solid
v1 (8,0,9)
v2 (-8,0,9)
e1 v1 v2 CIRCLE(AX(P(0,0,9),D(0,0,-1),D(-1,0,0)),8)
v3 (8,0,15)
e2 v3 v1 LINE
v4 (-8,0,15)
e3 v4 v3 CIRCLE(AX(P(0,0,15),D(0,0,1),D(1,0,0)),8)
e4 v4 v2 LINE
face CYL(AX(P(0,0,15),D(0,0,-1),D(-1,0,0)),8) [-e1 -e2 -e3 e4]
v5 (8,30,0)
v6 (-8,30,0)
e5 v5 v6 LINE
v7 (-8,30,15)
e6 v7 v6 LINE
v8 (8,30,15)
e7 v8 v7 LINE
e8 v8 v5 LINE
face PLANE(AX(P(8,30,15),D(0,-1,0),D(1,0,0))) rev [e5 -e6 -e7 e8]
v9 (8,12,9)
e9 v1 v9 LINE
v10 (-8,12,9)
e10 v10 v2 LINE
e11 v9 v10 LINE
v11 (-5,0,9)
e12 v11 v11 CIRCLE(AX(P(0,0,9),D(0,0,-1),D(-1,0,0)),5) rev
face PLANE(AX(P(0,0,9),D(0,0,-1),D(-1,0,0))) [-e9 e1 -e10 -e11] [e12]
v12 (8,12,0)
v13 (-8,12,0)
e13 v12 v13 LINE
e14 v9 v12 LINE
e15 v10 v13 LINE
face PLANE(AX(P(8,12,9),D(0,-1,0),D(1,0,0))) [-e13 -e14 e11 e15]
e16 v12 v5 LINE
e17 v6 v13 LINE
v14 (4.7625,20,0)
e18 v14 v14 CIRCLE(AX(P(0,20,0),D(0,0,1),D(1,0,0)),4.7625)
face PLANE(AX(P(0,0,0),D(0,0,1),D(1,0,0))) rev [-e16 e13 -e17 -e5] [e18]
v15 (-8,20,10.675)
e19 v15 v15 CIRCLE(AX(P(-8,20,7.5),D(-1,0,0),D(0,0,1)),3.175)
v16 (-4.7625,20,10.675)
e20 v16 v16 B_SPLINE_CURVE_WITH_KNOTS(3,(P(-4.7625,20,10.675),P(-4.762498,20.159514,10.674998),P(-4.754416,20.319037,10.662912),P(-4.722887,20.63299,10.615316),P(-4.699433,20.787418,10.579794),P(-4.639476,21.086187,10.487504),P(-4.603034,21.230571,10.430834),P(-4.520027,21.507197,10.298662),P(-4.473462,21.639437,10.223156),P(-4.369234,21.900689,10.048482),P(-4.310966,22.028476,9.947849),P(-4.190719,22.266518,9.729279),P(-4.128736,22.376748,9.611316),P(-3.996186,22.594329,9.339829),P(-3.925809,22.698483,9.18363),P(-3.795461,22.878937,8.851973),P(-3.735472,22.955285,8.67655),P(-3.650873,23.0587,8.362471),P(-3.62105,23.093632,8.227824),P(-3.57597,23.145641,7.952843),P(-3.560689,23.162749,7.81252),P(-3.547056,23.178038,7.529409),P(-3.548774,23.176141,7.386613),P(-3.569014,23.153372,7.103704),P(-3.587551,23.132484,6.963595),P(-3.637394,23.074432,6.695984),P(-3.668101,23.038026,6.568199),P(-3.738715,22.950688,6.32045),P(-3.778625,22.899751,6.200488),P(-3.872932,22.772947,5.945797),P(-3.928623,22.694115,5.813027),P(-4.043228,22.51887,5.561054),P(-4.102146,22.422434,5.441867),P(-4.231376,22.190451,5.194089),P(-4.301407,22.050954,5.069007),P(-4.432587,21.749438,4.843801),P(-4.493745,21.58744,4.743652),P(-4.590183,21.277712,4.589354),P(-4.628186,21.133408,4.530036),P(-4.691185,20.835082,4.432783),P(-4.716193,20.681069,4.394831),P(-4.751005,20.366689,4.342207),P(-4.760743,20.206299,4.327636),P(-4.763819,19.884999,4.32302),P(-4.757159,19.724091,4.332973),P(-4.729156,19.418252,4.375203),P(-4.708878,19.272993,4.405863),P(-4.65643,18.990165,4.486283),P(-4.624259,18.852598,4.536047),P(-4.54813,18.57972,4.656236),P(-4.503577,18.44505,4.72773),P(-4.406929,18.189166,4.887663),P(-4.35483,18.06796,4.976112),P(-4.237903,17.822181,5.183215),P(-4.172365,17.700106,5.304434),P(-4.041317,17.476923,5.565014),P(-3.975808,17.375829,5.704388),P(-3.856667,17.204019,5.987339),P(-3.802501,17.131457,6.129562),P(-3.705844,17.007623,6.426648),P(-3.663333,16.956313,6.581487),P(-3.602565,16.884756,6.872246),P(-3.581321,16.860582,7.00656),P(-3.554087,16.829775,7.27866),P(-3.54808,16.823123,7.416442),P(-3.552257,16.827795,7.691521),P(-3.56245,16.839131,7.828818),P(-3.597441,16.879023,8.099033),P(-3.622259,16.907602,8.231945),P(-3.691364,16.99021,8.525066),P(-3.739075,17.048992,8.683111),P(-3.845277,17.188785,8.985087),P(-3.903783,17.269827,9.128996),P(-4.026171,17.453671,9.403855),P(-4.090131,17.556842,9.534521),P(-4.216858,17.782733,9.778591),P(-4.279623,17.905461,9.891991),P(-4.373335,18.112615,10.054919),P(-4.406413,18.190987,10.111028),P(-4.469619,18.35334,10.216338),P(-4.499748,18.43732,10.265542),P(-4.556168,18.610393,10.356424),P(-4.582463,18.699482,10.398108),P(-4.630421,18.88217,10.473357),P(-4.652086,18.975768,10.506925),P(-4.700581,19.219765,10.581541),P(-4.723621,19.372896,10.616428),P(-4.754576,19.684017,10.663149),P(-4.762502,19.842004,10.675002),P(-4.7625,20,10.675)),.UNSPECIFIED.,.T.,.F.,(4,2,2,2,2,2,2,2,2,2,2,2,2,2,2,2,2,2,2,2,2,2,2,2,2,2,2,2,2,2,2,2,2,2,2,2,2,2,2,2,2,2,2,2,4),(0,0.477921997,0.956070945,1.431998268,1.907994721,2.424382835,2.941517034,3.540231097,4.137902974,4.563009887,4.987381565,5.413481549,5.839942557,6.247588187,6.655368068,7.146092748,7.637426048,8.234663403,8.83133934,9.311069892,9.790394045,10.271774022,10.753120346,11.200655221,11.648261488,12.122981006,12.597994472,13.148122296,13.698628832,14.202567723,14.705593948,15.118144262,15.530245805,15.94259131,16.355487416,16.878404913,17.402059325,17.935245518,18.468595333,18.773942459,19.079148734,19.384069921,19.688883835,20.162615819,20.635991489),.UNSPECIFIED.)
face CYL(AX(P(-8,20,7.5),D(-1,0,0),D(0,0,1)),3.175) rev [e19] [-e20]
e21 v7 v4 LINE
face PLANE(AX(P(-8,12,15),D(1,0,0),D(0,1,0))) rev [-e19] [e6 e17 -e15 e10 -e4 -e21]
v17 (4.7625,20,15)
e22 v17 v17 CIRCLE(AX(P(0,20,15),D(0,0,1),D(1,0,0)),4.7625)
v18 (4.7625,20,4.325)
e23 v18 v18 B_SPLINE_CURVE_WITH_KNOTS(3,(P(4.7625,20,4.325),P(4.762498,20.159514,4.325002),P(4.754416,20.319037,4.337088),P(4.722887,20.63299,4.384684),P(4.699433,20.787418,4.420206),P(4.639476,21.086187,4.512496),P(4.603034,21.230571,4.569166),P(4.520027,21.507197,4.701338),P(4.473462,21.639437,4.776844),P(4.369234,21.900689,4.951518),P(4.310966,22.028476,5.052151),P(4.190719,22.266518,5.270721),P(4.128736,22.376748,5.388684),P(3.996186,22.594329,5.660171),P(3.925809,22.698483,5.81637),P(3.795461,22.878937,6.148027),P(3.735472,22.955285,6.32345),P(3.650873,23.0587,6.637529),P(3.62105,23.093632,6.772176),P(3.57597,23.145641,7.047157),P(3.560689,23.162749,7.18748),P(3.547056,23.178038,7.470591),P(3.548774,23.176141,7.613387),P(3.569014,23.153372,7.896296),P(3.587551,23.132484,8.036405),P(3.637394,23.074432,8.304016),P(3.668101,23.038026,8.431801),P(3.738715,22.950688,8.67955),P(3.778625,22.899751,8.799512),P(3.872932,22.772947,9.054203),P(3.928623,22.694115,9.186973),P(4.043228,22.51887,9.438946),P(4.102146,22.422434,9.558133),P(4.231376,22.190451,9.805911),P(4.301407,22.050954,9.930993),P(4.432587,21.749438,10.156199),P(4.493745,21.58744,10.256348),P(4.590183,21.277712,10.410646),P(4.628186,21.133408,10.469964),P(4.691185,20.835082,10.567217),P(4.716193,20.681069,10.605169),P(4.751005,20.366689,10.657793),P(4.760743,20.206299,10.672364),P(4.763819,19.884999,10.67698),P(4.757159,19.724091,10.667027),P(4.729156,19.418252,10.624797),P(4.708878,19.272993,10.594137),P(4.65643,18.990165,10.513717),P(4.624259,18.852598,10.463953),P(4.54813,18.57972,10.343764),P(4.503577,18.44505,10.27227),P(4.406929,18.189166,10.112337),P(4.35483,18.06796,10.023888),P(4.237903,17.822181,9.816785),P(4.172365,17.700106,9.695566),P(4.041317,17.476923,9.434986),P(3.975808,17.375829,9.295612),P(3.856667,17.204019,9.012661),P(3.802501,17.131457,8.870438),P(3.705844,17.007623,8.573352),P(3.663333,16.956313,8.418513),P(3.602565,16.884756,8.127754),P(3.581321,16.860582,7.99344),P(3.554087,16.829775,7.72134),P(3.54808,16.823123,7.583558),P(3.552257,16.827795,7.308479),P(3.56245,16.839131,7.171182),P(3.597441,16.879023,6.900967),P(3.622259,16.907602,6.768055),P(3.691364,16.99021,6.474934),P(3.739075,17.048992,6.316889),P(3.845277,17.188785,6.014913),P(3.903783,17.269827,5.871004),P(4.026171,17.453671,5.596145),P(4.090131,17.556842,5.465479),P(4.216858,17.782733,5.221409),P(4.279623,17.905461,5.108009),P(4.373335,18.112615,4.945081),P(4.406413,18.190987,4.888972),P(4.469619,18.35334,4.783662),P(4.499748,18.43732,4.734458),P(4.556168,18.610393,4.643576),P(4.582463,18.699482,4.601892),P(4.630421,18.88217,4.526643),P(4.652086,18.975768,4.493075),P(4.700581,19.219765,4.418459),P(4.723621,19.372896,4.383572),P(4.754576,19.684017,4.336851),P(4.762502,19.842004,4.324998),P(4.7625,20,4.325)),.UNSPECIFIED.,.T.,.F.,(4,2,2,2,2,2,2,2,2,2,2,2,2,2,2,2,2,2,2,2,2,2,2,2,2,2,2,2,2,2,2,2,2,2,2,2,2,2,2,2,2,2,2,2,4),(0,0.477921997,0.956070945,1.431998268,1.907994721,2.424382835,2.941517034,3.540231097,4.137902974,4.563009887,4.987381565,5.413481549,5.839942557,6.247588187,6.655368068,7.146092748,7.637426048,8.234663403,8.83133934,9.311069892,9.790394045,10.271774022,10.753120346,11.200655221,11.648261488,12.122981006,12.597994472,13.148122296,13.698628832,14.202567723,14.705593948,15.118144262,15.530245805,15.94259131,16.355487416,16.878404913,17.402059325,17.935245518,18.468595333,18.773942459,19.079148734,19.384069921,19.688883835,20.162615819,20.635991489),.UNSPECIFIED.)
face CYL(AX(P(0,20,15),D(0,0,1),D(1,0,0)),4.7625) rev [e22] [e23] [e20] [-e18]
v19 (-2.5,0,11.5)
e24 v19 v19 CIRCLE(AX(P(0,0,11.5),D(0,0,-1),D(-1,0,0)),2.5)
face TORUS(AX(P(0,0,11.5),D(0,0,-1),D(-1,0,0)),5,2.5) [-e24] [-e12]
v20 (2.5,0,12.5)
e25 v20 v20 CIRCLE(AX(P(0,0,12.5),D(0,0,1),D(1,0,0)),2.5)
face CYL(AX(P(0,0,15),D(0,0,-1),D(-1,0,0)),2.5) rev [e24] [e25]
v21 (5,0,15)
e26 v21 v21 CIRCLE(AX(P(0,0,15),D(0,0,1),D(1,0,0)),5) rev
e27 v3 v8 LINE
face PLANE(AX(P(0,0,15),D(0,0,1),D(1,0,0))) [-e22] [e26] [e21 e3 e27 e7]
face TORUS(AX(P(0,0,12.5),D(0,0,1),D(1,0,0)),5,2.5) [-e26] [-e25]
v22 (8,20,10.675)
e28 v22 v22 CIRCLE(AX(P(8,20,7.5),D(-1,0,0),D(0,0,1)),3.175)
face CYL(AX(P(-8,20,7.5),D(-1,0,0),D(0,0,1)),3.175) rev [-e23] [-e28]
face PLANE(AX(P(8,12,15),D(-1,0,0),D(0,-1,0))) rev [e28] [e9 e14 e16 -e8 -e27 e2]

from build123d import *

# Parameters (mm, degrees)
SKETCH1_R                  = 2.5
BOSS_EXTRUDE1_DEPTH        = 15
SKETCH6_W                  = 16
SKETCH6_H                  = 20
CUT_EXTRUDE1_DEPTH         = 9
FILLET1_R                  = 2.5
F_3_8_0_3750_DOWEL_HOLE1_D = 9.525
F_1_4_0_2500_DOWEL_HOLE2_D = 6.35


with BuildPart() as part:
    # Sketch1 → Boss-Extrude1 (new body)
    with BuildSketch(Plane.XY):
        with BuildLine():
            Line((-8, 12), (-8, 0))
            ThreePointArc((-8, 0), (0, -8), (8, 0))
            Line((8, 0), (8, 12))
            Line((8, 12), (8, 30))
            Line((8, 30), (-8, 30))
            Line((-8, 30), (-8, 12))
        make_face()
        Circle(SKETCH1_R, mode=Mode.SUBTRACT)
    extrude(amount=BOSS_EXTRUDE1_DEPTH)

    # Sketch6 → Cut-Extrude1 (cut)
    with BuildSketch(Plane.XY):
        with Locations((0, 2)):
            Rectangle(SKETCH6_W, SKETCH6_H)
    extrude(amount=CUT_EXTRUDE1_DEPTH, mode=Mode.SUBTRACT)

    # Fillet1
    fillet1_edges = [part.edges().sort_by_distance(p)[0] for p in [
        (-2.5, 0, 15),
        (-2.5, 0, 9),
    ]]
    fillet(fillet1_edges, radius=FILLET1_R)

    # 3/8 (0.3750) Dowel Hole1 (through all)
    with Locations(Plane.XY.offset(15)):
        with Locations((0, 20)):
            Hole(F_3_8_0_3750_DOWEL_HOLE1_D / 2)

    # 1/4 (0.2500) Dowel Hole2 (through all)
    with Locations(Plane.ZY.offset(8)):
        with Locations((7.5, 20)):
            Hole(F_1_4_0_2500_DOWEL_HOLE2_D / 2)


solid = part.part
